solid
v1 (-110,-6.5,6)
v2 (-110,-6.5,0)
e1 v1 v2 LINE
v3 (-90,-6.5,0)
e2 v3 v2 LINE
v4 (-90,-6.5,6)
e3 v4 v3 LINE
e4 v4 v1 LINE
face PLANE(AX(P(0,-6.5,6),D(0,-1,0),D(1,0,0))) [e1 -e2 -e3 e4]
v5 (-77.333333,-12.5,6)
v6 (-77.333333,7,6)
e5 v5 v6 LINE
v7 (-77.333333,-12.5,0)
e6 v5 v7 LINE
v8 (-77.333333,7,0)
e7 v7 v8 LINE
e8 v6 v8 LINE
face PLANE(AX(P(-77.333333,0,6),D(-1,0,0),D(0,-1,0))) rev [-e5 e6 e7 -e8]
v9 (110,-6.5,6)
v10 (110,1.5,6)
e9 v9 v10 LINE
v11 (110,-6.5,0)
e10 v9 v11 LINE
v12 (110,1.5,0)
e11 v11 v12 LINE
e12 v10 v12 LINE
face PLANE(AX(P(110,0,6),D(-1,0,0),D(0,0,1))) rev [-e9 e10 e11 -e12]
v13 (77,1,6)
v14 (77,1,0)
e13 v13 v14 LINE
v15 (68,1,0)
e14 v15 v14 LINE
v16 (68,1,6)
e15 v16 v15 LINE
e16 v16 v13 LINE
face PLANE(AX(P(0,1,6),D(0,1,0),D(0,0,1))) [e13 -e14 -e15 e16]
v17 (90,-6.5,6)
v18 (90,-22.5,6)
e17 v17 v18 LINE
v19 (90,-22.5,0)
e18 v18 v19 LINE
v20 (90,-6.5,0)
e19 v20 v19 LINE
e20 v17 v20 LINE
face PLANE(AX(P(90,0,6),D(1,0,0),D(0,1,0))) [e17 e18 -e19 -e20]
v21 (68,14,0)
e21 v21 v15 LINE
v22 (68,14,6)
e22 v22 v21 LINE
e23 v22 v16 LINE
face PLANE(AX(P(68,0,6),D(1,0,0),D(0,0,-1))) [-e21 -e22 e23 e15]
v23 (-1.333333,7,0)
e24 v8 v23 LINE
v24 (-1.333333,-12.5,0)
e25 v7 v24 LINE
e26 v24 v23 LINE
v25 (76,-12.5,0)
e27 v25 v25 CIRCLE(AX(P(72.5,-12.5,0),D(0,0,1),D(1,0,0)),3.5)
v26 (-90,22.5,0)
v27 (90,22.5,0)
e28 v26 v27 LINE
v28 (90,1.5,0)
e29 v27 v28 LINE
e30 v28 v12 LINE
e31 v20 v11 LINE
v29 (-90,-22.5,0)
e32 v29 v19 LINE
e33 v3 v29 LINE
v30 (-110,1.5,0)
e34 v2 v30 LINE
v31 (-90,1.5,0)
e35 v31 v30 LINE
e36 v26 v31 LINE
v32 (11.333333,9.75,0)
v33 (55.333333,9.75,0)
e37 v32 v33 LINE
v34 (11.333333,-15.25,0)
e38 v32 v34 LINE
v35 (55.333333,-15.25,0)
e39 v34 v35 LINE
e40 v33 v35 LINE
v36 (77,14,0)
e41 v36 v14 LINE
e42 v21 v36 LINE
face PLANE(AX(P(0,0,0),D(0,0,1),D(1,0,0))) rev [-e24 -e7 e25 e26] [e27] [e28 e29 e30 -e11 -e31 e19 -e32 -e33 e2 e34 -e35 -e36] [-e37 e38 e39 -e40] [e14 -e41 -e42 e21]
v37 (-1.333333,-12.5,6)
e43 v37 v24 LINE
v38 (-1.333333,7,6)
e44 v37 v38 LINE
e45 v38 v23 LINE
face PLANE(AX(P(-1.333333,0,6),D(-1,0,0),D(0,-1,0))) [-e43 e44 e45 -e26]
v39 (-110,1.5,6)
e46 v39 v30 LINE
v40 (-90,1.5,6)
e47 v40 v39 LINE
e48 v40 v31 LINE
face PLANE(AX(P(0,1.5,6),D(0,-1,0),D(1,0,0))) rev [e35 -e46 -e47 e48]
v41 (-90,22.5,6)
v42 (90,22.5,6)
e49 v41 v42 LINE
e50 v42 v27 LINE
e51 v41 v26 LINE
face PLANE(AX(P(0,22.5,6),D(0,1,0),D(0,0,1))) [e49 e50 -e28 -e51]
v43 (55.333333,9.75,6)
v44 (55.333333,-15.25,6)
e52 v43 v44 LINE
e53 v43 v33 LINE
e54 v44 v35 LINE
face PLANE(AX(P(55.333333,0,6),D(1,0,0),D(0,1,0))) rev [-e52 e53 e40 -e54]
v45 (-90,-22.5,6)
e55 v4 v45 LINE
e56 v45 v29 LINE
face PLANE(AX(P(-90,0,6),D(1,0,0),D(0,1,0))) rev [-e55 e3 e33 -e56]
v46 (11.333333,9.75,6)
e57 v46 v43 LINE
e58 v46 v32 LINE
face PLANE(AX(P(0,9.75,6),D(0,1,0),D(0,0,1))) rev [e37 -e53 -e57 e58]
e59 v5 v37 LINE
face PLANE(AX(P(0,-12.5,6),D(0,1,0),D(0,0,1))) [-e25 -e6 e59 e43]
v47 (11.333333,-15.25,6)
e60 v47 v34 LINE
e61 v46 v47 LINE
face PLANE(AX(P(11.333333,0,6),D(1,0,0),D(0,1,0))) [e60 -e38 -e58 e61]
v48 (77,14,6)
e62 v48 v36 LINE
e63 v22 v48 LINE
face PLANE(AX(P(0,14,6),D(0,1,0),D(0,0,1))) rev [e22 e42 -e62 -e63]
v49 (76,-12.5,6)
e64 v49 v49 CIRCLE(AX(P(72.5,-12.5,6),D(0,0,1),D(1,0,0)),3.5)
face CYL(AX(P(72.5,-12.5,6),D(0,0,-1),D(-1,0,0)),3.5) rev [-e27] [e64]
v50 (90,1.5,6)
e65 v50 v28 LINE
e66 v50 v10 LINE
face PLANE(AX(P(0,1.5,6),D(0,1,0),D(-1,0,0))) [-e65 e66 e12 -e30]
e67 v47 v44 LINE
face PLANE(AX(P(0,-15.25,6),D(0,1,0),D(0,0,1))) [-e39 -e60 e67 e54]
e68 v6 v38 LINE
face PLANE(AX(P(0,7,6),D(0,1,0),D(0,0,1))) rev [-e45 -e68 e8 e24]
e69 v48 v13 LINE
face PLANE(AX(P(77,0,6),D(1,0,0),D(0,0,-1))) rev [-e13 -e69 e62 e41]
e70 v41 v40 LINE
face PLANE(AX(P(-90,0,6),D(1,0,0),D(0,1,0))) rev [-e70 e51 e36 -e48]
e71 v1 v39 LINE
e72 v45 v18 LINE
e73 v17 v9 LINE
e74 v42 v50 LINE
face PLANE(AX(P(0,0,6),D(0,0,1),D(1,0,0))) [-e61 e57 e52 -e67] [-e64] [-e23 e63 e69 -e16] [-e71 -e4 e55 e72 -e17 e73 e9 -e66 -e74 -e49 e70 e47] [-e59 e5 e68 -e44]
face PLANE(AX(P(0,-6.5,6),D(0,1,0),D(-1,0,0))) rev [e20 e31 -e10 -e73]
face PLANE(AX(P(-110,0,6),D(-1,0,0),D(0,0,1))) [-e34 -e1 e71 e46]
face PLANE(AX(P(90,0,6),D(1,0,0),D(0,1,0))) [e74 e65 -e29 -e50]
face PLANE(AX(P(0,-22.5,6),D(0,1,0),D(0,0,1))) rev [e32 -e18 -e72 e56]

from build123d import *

# Parameters (mm, degrees)
ESBO_O1_R                = 3.5
ESBO_O1_W                = 76
ESBO_O1_H                = 19.5
ESBO_O1_W_2              = 44
ESBO_O1_H_2              = 25
ESBO_O1_W_3              = 9
ESBO_O1_H_3              = 13
RESSALTO_EXTRUS_O1_DEPTH = 6


with BuildPart() as part:
    # Esboço1 → Ressalto-extrusão1 (new body)
    with BuildSketch(Plane.XY):
        Polygon((-90, -6.5), (-90, -22.5), (90, -22.5), (90, -6.5), (110, -6.5), (110, 1.5), (90, 1.5), (90, 22.5), (-90, 22.5), (-90, 1.5), (-110, 1.5), (-110, -6.5), align=None)
        with Locations((72.5, -12.5)):
            Circle(ESBO_O1_R, mode=Mode.SUBTRACT)
        with Locations((-39.333333333, -2.75)):
            Rectangle(ESBO_O1_W, ESBO_O1_H, mode=Mode.SUBTRACT)
        with Locations((33.333333333, -2.75)):
            Rectangle(ESBO_O1_W_2, ESBO_O1_H_2, mode=Mode.SUBTRACT)
        with Locations((72.5, 7.5)):
            Rectangle(ESBO_O1_W_3, ESBO_O1_H_3, mode=Mode.SUBTRACT)
    extrude(amount=RESSALTO_EXTRUS_O1_DEPTH)


solid = part.part
